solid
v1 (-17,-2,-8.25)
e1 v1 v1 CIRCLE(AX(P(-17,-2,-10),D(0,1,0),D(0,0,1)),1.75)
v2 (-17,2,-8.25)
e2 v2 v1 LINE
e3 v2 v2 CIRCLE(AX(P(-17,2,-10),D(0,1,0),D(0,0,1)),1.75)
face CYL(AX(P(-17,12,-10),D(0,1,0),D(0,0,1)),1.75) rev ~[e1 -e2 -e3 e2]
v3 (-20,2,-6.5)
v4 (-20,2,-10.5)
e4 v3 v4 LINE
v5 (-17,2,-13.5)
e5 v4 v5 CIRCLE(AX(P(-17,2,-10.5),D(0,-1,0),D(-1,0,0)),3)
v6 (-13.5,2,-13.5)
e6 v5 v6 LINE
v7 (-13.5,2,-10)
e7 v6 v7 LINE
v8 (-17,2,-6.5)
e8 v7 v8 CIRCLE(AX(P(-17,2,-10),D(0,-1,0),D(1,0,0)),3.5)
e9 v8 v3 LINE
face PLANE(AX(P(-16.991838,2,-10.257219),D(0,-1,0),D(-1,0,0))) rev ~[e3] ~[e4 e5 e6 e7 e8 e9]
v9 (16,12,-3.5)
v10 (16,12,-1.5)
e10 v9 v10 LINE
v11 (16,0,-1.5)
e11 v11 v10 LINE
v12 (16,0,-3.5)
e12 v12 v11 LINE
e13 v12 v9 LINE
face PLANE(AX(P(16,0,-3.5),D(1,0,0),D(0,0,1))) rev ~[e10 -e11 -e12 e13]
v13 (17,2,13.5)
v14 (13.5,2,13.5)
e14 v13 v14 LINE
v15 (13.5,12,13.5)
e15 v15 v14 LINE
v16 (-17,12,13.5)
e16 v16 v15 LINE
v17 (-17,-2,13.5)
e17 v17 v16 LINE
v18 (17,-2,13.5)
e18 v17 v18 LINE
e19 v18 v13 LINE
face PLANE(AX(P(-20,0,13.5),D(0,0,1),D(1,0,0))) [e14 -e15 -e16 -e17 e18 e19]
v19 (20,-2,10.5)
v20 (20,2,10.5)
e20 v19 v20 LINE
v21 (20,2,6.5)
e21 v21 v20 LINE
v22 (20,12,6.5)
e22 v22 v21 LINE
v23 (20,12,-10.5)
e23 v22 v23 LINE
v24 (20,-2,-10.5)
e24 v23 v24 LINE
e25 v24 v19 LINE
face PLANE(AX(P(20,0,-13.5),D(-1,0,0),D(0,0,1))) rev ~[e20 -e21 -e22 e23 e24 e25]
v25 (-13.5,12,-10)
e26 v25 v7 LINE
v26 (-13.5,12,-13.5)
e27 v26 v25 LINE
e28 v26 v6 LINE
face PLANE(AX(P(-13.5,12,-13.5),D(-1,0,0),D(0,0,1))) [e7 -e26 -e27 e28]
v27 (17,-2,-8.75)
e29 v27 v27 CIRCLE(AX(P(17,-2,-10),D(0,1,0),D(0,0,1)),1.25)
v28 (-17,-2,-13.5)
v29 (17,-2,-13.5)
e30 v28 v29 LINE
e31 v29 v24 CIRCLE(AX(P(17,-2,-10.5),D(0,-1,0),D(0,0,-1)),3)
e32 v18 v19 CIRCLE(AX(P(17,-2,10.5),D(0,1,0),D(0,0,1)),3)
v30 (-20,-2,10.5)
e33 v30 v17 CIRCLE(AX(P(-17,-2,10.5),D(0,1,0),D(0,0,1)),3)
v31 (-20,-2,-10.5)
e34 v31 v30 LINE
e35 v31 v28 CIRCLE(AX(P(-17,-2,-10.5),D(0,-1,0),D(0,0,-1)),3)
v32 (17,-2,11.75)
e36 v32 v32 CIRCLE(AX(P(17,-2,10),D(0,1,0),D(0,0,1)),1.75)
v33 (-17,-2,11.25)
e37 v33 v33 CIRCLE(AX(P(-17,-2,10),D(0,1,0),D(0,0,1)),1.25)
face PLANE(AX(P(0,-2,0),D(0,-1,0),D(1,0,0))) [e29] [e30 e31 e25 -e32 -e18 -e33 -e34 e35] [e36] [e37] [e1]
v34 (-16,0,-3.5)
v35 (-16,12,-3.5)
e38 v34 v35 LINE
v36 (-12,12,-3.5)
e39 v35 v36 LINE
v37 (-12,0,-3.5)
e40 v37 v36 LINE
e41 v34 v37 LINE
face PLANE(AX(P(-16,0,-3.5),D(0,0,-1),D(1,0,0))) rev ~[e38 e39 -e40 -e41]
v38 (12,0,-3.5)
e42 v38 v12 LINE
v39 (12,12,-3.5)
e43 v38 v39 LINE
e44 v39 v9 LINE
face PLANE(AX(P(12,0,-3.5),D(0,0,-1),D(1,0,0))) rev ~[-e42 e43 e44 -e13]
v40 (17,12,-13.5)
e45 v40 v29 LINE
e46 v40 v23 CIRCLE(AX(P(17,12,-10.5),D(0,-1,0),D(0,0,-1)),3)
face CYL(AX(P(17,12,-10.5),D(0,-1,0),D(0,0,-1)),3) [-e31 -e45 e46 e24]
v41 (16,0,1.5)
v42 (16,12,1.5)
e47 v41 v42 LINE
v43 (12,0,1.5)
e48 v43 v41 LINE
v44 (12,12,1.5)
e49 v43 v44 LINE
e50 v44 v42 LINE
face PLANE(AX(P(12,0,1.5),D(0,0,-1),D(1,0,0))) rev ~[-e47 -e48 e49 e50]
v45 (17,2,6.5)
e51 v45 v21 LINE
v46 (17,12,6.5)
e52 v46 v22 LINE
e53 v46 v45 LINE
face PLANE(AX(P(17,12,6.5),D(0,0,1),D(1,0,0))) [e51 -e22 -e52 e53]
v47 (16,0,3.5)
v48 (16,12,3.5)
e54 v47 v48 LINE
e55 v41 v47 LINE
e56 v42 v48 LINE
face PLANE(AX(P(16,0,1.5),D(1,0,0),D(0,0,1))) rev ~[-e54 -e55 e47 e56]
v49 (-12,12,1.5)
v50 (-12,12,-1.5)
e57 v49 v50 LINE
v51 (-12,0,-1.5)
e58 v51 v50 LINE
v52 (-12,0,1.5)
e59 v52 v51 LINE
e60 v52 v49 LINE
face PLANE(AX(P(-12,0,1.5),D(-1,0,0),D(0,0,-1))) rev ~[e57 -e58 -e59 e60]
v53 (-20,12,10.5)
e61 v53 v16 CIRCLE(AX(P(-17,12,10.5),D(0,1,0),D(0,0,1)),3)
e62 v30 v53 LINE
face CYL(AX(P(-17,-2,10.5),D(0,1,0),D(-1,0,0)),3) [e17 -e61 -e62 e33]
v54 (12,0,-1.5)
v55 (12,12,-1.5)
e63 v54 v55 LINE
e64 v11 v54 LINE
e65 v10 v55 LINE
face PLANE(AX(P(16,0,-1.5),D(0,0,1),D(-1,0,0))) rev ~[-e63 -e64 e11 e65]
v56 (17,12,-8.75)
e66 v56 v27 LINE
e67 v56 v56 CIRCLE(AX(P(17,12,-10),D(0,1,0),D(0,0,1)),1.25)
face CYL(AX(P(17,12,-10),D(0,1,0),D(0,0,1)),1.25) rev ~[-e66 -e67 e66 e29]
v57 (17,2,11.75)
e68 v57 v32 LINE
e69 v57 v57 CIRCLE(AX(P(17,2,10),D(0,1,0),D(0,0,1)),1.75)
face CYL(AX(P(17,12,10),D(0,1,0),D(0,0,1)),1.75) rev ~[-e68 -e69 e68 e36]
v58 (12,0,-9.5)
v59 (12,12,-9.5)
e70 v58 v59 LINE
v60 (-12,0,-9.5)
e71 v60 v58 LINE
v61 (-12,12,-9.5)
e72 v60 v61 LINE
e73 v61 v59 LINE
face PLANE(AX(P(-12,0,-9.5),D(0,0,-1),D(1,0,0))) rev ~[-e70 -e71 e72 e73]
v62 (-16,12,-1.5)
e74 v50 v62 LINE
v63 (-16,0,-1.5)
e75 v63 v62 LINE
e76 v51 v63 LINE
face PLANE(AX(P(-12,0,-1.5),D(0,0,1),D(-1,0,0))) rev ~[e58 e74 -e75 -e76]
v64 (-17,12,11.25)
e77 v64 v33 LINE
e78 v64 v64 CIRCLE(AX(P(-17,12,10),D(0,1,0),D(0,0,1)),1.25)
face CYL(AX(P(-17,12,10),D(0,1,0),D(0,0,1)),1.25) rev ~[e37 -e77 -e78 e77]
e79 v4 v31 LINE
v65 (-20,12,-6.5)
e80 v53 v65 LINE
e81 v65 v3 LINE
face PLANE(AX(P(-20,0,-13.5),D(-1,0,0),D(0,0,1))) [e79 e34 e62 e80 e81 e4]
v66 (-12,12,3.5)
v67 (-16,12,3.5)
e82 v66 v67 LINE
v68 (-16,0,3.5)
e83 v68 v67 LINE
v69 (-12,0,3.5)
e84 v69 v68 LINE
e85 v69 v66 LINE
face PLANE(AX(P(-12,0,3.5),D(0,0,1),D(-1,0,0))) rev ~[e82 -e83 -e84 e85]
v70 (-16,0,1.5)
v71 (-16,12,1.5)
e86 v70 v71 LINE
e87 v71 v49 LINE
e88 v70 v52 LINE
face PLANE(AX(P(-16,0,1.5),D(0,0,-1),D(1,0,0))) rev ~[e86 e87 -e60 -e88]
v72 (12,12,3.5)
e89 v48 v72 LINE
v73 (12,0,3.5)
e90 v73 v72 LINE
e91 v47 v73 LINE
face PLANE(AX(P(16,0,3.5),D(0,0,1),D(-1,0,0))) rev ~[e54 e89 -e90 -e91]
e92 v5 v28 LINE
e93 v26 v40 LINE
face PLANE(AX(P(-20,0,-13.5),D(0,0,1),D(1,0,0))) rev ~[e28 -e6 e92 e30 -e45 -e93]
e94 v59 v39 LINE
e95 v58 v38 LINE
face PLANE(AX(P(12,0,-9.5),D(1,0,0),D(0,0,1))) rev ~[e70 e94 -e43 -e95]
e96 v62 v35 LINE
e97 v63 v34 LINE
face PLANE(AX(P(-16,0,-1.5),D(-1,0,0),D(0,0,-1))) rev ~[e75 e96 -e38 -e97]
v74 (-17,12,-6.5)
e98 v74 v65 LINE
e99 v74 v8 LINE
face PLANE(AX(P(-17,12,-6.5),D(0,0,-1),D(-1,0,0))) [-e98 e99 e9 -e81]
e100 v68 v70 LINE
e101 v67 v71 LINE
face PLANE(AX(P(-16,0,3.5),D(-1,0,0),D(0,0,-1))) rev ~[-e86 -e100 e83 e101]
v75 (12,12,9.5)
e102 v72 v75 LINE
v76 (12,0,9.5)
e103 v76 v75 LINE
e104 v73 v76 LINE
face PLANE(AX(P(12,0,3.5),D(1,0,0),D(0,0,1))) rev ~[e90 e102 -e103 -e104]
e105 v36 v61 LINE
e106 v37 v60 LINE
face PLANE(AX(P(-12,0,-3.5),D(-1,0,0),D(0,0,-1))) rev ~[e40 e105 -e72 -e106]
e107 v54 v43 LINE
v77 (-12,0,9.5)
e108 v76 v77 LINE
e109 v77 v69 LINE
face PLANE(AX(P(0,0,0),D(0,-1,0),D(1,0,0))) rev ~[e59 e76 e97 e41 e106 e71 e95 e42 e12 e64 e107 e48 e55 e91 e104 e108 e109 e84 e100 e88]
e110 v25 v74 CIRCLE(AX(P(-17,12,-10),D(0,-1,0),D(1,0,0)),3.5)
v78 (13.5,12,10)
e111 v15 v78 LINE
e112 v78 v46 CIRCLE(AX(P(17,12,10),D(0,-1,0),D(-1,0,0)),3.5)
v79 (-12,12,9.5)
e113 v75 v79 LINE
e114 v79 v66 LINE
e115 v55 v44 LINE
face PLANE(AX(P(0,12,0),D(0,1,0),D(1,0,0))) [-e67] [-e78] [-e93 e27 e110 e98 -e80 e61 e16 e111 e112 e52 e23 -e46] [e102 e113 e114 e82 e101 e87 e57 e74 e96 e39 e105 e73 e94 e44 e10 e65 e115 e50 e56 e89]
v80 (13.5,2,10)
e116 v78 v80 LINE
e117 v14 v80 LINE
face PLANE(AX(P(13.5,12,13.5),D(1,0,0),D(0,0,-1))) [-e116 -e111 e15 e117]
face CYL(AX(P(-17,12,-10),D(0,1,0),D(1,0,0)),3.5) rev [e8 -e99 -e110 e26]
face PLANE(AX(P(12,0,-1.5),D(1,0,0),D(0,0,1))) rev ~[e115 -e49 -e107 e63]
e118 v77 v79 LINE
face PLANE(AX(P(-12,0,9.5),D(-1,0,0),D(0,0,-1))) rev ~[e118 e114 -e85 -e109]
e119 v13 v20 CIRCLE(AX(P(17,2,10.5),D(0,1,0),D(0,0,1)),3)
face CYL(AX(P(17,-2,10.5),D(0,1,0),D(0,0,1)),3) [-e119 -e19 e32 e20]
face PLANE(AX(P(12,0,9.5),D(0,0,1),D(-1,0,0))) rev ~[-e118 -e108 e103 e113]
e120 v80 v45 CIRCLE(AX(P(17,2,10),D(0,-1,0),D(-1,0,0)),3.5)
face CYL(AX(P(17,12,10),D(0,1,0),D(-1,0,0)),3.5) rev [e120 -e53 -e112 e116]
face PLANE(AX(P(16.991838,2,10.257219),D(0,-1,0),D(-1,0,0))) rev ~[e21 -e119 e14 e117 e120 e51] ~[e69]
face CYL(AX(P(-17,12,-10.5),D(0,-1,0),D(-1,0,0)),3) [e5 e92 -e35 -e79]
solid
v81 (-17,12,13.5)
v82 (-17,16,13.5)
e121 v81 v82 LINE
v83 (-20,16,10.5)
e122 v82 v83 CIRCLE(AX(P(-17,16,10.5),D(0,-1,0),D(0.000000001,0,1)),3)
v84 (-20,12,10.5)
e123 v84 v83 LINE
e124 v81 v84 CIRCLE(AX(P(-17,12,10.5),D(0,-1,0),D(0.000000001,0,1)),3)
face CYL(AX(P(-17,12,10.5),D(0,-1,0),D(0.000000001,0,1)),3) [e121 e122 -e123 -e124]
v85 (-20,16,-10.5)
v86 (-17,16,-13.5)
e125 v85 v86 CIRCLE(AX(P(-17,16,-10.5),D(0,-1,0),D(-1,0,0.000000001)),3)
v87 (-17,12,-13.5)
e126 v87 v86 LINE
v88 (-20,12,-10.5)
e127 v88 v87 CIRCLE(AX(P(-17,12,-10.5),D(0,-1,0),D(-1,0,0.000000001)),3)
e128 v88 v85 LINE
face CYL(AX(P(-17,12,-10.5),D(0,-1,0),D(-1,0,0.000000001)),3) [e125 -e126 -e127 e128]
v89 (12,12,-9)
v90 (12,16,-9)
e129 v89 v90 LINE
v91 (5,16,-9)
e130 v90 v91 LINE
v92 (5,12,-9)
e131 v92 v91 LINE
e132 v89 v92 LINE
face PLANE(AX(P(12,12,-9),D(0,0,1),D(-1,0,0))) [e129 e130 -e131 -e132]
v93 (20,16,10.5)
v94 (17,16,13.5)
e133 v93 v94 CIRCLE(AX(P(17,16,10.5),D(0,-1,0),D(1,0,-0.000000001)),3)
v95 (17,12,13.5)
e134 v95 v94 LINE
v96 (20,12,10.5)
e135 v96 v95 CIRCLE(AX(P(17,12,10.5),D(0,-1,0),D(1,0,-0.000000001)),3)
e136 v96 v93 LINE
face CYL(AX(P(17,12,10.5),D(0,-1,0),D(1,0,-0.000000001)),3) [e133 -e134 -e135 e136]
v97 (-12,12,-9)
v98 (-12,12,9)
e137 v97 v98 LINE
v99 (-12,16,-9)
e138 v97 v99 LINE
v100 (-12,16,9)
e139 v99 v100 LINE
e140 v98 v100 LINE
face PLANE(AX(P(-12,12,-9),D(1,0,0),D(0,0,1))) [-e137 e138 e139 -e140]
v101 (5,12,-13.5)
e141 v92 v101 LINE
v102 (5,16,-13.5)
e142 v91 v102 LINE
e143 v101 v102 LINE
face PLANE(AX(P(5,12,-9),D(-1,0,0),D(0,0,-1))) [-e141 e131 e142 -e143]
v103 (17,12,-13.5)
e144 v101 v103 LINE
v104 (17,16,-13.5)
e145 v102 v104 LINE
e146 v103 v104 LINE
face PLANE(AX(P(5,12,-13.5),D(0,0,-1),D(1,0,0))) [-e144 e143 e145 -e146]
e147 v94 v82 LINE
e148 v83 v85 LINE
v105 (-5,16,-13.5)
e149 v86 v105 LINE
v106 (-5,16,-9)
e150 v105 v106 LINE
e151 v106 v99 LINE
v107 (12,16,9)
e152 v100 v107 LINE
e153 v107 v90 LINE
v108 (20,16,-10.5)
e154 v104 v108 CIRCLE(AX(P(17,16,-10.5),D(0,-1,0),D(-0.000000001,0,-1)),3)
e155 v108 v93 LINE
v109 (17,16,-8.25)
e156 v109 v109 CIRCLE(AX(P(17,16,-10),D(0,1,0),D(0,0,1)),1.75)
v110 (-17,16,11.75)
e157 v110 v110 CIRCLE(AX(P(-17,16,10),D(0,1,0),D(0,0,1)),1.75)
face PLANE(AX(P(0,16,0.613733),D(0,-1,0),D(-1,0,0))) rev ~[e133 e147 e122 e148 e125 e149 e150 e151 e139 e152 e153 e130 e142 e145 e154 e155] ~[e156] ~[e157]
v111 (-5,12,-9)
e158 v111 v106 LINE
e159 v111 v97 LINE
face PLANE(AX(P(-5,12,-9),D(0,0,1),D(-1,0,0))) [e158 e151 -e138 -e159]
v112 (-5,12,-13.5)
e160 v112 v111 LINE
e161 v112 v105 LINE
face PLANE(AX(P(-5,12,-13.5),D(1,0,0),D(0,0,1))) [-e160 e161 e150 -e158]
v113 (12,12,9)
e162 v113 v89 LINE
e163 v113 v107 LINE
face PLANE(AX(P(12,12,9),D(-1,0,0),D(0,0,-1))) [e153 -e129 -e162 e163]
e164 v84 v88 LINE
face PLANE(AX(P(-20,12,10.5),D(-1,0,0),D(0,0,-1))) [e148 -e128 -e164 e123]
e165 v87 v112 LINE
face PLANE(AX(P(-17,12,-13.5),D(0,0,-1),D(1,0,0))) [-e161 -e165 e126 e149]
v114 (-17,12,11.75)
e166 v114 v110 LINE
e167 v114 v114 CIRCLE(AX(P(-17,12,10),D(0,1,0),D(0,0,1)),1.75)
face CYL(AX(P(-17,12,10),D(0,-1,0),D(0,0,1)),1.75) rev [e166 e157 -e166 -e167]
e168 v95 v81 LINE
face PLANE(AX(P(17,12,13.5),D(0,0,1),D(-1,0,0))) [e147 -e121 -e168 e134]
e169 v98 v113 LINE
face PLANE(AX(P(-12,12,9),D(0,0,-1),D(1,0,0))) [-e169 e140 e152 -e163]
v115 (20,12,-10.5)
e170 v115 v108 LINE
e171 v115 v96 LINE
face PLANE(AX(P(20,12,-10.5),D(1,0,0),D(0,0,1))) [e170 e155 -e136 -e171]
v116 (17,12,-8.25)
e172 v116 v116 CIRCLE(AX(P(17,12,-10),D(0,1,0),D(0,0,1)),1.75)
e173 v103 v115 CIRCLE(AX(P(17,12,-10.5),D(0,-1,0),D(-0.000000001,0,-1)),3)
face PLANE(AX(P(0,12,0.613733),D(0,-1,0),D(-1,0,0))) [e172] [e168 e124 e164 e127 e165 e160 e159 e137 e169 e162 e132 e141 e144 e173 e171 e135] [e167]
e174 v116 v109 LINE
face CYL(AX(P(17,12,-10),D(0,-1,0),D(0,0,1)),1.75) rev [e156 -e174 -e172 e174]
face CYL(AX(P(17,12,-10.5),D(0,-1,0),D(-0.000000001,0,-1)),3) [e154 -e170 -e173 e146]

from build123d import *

# Parameters (mm, degrees)
SKETCH1_W           = 40
SKETCH1_H           = 27
BOSS_EXTRUDE1_DEPTH = 12
SKETCH2_W           = 40
SKETCH2_H           = 27
BOSS_EXTRUDE2_DEPTH = 2
SKETCH3_R           = 1.25
CUT_EXTRUDE1_DEPTH  = 28.897132469
FILLET1_R           = 3
SKETCH4_R           = 1.75
CUT_EXTRUDE2_DEPTH  = 28.897132469
CUT_EXTRUDE3_DEPTH  = 10
SKETCH6_R           = 1.75
BOSS_EXTRUDE3_DEPTH = 4


with BuildPart() as part:
    # Sketch1 → Boss-Extrude1 (new body)
    with BuildSketch(Plane(origin=(0, 0, 0), x_dir=(1, 0, 0), z_dir=(0, 1, 0))):
        Rectangle(SKETCH1_W, SKETCH1_H)
        Polygon((12, -3.5), (12, -9.5), (-12, -9.5), (-12, -3.5), (-16, -3.5), (-16, -1.5), (-12, -1.5), (-12, 1.5), (-16, 1.5), (-16, 3.5), (-12, 3.5), (-12, 9.5), (12, 9.5), (12, 3.5), (16, 3.5), (16, 1.5), (12, 1.5), (12, -1.5), (16, -1.5), (16, -3.5), align=None, mode=Mode.SUBTRACT)
    extrude(amount=BOSS_EXTRUDE1_DEPTH)

    # Sketch2 → Boss-Extrude2 (add)
    with BuildSketch(Plane.XZ):
        Rectangle(SKETCH2_W, SKETCH2_H)
    extrude(amount=BOSS_EXTRUDE2_DEPTH)

    # Sketch3 → Cut-Extrude1 (cut, through all)
    with BuildSketch(Plane(origin=(0, 12, 0), x_dir=(1, 0, 0), z_dir=(0, 1, 0))):
        with Locations(Location((-17, 10, 0), (0, 0, 270))):
            Circle(SKETCH3_R)
        with Locations(Location((17, 10, 0), (0, 0, 270))):
            Circle(SKETCH3_R)
        with Locations(Location((17, -10, 0), (0, 0, 270))):
            Circle(SKETCH3_R)
        with Locations(Location((-17, -10, 0), (0, 0, 270))):
            Circle(SKETCH3_R)
    extrude(amount=-CUT_EXTRUDE1_DEPTH, mode=Mode.SUBTRACT)

    # Fillet1
    fillet1_edges = [part.edges().sort_by_distance(p)[0] for p in [
        (-20, 5, -13.5),
        (20, 5, -13.5),
        (20, 5, 13.5),
        (-20, 5, 13.5),
    ]]
    fillet(fillet1_edges, radius=FILLET1_R)

    # Sketch4 → Cut-Extrude2 (cut, through all)
    with BuildSketch(Plane(origin=(0, 12, 0), x_dir=(1, 0, 0), z_dir=(0, 1, 0))):
        with Locations(Location((-17, 10, 0), (0, 0, 270))):
            Circle(SKETCH4_R)
        with Locations(Location((17, -10, 0), (0, 0, 270))):
            Circle(SKETCH4_R)
    extrude(amount=-CUT_EXTRUDE2_DEPTH, mode=Mode.SUBTRACT)

    # Sketch5 → Cut-Extrude3 (cut)
    with BuildSketch(Plane(origin=(0, 12, 0), x_dir=(1, 0, 0), z_dir=(0, 1, 0))):
        with BuildLine():
            Line((-17, 6.5), (-20, 6.5))
            Line((-20, 6.5), (-20, 13.5))
            Line((-20, 13.5), (-13.5, 13.5))
            Line((-13.5, 13.5), (-13.5, 10))
            ThreePointArc((-13.5, 10), (-14.525126266, 7.525126266), (-17, 6.5))
        make_face()
        with BuildLine():
            Line((17, -6.5), (20, -6.5))
            Line((20, -6.5), (20, -13.5))
            Line((20, -13.5), (13.5, -13.5))
            Line((13.5, -13.5), (13.5, -10))
            ThreePointArc((13.5, -10), (14.525126266, -7.525126266), (17, -6.5))
        make_face()
    extrude(amount=-CUT_EXTRUDE3_DEPTH, mode=Mode.SUBTRACT)


with BuildPart() as body_2:
    # Sketch6 → Boss-Extrude3 (new body)
    with BuildSketch(Plane(origin=(0, 12, 0), x_dir=(1, 0, 0), z_dir=(0, 1, 0))):
        with BuildLine():
            Line((-5, 13.5), (-5, 9))
            Line((-5, 9), (-12, 9))
            Line((-12, 9), (-12, -9))
            Line((-12, -9), (12, -9))
            Line((12, -9), (12, 9))
            Line((12, 9), (5, 9))
            Line((5, 9), (5, 13.5))
            Line((5, 13.5), (17, 13.5))
            ThreePointArc((17, 13.5), (19.121320344, 12.621320344), (20, 10.5))
            Line((20, 10.5), (20, -10.5))
            ThreePointArc((20, -10.5), (19.121320344, -12.621320344), (17, -13.5))
            Line((17, -13.5), (-17, -13.5))
            ThreePointArc((-17, -13.5), (-19.121320344, -12.621320344), (-20, -10.5))
            Line((-20, -10.5), (-20, 10.5))
            ThreePointArc((-20, 10.5), (-19.121320344, 12.621320344), (-17, 13.5))
            Line((-17, 13.5), (-5, 13.5))
        make_face()
        with Locations(Location((-17, -10, 0), (0, 0, 270))):
            Circle(SKETCH6_R, mode=Mode.SUBTRACT)
        with Locations(Location((17, 10, 0), (0, 0, 270))):
            Circle(SKETCH6_R, mode=Mode.SUBTRACT)
    extrude(amount=BOSS_EXTRUDE3_DEPTH)


solid = Compound([part.part, body_2.part])
